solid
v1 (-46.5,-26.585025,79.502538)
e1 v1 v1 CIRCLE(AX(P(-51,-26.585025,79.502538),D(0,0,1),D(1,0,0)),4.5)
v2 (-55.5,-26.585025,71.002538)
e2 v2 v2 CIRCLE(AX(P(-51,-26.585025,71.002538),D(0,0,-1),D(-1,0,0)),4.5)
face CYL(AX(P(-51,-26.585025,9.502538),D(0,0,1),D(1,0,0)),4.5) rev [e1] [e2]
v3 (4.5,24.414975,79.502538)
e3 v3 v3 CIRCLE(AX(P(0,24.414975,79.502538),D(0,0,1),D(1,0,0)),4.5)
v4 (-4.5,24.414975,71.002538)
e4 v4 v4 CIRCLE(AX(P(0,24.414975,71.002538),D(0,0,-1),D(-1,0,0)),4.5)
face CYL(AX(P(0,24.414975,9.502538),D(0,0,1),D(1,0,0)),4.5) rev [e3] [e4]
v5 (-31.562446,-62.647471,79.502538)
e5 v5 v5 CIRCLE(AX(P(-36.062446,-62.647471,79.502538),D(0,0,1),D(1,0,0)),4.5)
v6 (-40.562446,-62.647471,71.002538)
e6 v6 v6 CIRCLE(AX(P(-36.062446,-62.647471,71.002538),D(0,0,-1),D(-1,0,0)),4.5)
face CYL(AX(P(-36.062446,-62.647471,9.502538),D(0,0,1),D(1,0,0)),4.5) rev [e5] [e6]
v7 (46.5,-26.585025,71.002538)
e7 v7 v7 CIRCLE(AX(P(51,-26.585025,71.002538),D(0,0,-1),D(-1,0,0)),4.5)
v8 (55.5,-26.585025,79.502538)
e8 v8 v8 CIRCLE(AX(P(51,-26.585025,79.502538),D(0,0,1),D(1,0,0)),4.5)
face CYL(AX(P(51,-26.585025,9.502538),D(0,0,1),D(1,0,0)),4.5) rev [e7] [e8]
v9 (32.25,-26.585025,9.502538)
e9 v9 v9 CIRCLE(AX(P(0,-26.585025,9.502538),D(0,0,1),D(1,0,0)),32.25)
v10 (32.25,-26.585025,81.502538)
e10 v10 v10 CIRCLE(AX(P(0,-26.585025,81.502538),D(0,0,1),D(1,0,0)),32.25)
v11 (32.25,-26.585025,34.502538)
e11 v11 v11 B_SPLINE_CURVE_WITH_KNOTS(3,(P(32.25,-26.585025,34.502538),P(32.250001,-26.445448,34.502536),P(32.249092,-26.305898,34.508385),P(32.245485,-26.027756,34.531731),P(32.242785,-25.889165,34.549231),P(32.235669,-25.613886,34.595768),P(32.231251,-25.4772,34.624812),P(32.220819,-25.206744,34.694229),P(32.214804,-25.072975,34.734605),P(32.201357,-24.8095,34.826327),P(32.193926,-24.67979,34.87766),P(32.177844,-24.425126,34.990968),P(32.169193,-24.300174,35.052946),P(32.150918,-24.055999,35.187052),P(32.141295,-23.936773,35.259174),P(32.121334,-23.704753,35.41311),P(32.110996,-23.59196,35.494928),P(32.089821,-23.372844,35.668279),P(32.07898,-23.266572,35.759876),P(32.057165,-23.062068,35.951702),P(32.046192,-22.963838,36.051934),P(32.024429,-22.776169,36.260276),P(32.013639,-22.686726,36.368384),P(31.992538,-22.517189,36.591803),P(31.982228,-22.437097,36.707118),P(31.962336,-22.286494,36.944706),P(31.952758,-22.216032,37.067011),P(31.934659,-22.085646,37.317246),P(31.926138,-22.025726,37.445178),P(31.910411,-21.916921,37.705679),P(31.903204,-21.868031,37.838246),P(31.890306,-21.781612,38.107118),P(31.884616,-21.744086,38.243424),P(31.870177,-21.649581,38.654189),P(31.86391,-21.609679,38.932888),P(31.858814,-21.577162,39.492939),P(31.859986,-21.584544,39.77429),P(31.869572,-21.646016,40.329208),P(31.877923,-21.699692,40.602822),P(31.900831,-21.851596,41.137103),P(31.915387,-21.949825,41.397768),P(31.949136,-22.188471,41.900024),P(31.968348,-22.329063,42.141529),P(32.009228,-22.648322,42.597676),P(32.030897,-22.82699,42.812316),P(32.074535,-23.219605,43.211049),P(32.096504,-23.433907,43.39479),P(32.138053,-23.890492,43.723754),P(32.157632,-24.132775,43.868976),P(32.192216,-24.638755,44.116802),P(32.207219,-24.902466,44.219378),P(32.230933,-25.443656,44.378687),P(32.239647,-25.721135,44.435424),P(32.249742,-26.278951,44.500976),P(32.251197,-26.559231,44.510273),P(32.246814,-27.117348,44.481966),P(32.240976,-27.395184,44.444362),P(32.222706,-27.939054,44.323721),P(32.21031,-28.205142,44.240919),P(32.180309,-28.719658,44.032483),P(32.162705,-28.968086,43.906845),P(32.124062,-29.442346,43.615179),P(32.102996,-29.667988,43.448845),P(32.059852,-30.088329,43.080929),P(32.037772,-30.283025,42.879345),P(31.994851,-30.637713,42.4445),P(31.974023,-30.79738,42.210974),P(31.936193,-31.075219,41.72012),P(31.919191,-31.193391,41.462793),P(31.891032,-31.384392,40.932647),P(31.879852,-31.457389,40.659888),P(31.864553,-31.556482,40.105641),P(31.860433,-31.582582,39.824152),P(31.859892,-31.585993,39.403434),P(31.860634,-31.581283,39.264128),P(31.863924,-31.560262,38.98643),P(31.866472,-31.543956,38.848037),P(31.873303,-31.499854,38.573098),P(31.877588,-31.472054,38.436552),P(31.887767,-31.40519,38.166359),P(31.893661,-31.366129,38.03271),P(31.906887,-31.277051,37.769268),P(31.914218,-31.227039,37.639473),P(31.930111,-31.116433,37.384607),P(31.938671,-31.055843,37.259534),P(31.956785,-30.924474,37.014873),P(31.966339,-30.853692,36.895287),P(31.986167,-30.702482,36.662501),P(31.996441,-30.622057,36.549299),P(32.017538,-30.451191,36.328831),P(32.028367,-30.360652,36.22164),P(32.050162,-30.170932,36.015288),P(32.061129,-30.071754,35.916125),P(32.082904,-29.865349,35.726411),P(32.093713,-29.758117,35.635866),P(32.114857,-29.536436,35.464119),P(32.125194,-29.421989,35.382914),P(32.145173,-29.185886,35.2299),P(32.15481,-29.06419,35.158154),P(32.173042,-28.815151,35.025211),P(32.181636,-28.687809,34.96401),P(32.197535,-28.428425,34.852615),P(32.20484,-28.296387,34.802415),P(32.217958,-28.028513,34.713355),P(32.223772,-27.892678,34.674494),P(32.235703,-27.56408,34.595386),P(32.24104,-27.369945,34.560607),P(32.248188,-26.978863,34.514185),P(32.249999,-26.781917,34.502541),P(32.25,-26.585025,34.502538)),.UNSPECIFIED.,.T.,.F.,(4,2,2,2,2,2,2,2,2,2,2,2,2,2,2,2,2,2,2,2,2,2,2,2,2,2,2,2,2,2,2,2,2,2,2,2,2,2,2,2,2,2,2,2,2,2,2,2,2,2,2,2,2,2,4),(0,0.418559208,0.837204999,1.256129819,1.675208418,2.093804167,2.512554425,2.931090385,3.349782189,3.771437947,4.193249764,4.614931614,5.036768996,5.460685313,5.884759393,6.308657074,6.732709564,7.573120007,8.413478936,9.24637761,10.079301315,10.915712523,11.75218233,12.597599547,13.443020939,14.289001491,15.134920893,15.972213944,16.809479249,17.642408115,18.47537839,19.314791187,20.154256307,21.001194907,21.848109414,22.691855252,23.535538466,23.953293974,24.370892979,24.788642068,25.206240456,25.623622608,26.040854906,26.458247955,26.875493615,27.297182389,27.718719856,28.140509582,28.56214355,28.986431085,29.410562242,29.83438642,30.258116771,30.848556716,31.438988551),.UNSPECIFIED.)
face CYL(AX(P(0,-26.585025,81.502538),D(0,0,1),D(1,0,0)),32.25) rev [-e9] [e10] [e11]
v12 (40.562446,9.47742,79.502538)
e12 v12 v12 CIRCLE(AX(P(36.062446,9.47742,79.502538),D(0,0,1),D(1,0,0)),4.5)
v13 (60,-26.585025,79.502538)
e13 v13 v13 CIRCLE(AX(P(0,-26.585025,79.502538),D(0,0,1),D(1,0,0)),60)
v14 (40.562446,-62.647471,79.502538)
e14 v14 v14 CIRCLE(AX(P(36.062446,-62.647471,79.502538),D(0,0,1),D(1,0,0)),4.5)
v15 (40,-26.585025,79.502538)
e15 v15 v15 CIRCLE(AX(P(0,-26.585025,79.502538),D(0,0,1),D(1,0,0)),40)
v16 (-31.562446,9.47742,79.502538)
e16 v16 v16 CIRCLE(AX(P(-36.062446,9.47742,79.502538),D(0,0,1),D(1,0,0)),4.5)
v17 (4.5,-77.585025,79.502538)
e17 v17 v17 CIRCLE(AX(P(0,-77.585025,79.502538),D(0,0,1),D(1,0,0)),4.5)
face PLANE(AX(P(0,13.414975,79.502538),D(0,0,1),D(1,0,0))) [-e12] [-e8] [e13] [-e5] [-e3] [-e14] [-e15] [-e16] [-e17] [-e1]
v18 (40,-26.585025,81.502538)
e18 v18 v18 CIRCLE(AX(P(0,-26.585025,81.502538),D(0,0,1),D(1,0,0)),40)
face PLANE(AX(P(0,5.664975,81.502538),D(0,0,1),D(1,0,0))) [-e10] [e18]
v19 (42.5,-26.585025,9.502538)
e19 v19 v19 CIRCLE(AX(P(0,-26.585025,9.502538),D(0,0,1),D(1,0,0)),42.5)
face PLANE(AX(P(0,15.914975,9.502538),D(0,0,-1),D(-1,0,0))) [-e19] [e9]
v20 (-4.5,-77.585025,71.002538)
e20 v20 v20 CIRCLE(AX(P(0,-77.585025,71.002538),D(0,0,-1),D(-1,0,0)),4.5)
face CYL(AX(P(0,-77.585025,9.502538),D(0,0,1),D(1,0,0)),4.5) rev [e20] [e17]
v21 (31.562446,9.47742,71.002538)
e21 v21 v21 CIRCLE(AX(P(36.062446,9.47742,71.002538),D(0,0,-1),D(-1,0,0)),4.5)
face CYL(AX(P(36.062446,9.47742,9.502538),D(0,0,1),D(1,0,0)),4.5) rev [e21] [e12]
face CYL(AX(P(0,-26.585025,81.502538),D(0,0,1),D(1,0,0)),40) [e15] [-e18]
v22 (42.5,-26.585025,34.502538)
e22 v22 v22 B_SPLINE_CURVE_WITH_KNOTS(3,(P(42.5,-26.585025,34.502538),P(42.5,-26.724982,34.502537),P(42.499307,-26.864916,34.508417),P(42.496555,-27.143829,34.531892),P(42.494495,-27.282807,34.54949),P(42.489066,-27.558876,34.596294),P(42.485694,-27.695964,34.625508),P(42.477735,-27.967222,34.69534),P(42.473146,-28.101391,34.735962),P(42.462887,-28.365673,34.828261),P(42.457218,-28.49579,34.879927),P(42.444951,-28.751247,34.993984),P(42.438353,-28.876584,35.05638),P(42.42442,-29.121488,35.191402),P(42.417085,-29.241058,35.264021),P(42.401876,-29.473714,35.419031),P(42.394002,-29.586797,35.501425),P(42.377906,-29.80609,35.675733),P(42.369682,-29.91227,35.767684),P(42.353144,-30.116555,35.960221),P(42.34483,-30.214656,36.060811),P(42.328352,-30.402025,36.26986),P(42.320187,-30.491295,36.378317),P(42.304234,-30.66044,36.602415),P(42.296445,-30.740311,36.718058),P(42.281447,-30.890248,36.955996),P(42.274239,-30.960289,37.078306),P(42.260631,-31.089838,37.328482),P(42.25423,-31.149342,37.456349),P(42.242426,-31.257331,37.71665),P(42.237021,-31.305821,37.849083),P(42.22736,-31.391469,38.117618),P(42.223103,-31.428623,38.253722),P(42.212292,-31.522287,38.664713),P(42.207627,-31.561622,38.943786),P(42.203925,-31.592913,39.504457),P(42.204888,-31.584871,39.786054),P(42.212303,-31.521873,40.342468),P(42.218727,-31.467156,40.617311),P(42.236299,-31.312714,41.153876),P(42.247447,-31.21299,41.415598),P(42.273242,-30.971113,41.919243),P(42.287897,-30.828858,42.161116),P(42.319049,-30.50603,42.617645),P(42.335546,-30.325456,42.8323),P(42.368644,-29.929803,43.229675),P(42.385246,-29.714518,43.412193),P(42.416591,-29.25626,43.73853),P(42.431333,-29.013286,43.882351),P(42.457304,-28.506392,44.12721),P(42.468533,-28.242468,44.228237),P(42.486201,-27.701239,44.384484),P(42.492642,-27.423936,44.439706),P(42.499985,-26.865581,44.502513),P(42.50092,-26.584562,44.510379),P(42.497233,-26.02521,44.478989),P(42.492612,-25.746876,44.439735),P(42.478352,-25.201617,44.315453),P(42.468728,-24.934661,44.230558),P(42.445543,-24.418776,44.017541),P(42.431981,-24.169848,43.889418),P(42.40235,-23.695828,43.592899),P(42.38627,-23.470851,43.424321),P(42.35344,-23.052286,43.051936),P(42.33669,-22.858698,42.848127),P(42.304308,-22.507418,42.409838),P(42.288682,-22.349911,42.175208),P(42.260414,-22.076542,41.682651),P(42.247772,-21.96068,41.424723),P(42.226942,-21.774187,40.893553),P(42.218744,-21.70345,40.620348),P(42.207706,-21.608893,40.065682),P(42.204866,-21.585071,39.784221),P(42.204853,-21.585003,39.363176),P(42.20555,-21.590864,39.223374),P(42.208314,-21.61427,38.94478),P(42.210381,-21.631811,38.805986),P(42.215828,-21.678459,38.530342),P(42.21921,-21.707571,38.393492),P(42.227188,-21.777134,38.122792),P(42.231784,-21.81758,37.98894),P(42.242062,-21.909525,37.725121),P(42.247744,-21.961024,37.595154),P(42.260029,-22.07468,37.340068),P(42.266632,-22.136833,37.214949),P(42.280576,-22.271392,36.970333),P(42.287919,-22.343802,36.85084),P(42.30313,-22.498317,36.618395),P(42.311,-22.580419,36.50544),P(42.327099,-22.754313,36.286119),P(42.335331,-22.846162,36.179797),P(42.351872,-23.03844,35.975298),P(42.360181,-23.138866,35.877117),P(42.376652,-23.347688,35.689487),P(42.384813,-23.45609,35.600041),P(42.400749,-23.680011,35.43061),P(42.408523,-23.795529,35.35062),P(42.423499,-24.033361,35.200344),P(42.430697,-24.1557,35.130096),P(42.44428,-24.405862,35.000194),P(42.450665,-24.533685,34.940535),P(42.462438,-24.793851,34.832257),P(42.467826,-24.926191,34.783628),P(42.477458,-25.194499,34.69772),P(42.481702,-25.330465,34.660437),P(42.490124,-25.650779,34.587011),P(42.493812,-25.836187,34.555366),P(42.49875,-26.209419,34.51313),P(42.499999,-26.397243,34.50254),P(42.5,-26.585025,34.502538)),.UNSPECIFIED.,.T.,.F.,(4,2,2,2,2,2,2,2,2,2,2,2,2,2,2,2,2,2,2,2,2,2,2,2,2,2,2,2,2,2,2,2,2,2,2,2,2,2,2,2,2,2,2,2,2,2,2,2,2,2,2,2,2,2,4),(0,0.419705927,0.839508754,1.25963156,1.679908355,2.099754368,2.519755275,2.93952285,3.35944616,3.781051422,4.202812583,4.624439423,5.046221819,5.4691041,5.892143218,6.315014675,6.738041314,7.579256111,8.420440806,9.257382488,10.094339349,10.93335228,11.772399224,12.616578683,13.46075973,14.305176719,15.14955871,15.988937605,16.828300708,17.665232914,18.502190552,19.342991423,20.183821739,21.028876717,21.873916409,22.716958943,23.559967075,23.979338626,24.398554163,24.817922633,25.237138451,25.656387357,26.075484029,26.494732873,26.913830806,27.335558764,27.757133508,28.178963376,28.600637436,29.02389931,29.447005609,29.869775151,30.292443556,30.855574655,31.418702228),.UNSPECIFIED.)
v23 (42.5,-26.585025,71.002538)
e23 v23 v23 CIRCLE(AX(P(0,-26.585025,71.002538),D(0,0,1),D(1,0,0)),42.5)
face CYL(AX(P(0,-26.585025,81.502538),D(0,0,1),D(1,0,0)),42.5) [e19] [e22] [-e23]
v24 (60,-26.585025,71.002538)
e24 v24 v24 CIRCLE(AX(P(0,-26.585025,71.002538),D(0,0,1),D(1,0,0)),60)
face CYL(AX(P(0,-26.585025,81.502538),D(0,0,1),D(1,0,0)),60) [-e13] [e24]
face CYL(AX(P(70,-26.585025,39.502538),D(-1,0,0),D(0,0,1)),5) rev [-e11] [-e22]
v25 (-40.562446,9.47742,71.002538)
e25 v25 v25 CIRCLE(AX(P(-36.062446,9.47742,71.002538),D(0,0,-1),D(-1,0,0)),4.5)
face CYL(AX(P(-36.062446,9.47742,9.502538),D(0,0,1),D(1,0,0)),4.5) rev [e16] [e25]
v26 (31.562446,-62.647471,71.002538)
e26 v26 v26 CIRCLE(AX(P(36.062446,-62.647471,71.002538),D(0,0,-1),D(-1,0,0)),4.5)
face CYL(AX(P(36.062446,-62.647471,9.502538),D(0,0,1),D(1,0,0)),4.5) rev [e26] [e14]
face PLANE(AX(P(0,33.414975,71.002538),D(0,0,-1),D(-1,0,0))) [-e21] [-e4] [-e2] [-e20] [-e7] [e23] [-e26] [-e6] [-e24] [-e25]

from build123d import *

# Parameters (mm, degrees)
SKETCH2_R          = 4.5
CUT_EXTRUDE1_DEPTH = 127.479115352
CIRPATTERN1_COUNT  = 8
SKETCH3_R          = 5
CUT_EXTRUDE2_DEPTH = 70


with BuildPart() as part:
    # Sketch1 → Revolve1 (revolve)
    with BuildSketch(Plane(origin=(0, 0, 0), x_dir=(0, 0, -1), z_dir=(1, 0, 0)), mode=Mode.PRIVATE) as revolve1_sk:
        Polygon((-9.502538071, 5.664974619), (-81.502538071, 5.664974619), (-81.502538071, 13.414974619), (-79.502538071, 13.414974619), (-79.502538071, 33.414974619), (-71.002538071, 33.414974619), (-71.002538071, 15.914974619), (-9.502538071, 15.914974619), align=None)
    revolve(revolve1_sk.sketch.rotate(Axis((0, -26.585025381, 81.502538071), (0, 0, -1)), 90), axis=Axis((0, -26.585025381, 81.502538071), (0, 0, -1)))

    # Sketch2 → Cut-Extrude1 (cut, symmetric)
    with BuildSketch(Plane.XY.offset(79.502538071)):
        with Locations((51, -26.585025381)):
            Circle(SKETCH2_R)
    cut_extrude1 = extrude(amount=CUT_EXTRUDE1_DEPTH, both=True, mode=Mode.SUBTRACT)

    # CirPattern1: Cut-Extrude1 ×8 about axis
    cirpattern1_axis = Axis((0, -26.585025381, 0), (0, 0, 1))
    for i in range(1, CIRPATTERN1_COUNT):
        add(cut_extrude1.rotate(cirpattern1_axis, i * 360 / CIRPATTERN1_COUNT), mode=Mode.SUBTRACT)

    # Sketch3 → Cut-Extrude2 (cut)
    with BuildSketch(Plane(origin=(0, 0, 0), x_dir=(0, 0, -1), z_dir=(1, 0, 0))):
        with Locations(Location((-39.502538071, -26.585025381, 0), (0, 0, 180))):
            Circle(SKETCH3_R)
    extrude(amount=CUT_EXTRUDE2_DEPTH, mode=Mode.SUBTRACT)


solid = part.part
